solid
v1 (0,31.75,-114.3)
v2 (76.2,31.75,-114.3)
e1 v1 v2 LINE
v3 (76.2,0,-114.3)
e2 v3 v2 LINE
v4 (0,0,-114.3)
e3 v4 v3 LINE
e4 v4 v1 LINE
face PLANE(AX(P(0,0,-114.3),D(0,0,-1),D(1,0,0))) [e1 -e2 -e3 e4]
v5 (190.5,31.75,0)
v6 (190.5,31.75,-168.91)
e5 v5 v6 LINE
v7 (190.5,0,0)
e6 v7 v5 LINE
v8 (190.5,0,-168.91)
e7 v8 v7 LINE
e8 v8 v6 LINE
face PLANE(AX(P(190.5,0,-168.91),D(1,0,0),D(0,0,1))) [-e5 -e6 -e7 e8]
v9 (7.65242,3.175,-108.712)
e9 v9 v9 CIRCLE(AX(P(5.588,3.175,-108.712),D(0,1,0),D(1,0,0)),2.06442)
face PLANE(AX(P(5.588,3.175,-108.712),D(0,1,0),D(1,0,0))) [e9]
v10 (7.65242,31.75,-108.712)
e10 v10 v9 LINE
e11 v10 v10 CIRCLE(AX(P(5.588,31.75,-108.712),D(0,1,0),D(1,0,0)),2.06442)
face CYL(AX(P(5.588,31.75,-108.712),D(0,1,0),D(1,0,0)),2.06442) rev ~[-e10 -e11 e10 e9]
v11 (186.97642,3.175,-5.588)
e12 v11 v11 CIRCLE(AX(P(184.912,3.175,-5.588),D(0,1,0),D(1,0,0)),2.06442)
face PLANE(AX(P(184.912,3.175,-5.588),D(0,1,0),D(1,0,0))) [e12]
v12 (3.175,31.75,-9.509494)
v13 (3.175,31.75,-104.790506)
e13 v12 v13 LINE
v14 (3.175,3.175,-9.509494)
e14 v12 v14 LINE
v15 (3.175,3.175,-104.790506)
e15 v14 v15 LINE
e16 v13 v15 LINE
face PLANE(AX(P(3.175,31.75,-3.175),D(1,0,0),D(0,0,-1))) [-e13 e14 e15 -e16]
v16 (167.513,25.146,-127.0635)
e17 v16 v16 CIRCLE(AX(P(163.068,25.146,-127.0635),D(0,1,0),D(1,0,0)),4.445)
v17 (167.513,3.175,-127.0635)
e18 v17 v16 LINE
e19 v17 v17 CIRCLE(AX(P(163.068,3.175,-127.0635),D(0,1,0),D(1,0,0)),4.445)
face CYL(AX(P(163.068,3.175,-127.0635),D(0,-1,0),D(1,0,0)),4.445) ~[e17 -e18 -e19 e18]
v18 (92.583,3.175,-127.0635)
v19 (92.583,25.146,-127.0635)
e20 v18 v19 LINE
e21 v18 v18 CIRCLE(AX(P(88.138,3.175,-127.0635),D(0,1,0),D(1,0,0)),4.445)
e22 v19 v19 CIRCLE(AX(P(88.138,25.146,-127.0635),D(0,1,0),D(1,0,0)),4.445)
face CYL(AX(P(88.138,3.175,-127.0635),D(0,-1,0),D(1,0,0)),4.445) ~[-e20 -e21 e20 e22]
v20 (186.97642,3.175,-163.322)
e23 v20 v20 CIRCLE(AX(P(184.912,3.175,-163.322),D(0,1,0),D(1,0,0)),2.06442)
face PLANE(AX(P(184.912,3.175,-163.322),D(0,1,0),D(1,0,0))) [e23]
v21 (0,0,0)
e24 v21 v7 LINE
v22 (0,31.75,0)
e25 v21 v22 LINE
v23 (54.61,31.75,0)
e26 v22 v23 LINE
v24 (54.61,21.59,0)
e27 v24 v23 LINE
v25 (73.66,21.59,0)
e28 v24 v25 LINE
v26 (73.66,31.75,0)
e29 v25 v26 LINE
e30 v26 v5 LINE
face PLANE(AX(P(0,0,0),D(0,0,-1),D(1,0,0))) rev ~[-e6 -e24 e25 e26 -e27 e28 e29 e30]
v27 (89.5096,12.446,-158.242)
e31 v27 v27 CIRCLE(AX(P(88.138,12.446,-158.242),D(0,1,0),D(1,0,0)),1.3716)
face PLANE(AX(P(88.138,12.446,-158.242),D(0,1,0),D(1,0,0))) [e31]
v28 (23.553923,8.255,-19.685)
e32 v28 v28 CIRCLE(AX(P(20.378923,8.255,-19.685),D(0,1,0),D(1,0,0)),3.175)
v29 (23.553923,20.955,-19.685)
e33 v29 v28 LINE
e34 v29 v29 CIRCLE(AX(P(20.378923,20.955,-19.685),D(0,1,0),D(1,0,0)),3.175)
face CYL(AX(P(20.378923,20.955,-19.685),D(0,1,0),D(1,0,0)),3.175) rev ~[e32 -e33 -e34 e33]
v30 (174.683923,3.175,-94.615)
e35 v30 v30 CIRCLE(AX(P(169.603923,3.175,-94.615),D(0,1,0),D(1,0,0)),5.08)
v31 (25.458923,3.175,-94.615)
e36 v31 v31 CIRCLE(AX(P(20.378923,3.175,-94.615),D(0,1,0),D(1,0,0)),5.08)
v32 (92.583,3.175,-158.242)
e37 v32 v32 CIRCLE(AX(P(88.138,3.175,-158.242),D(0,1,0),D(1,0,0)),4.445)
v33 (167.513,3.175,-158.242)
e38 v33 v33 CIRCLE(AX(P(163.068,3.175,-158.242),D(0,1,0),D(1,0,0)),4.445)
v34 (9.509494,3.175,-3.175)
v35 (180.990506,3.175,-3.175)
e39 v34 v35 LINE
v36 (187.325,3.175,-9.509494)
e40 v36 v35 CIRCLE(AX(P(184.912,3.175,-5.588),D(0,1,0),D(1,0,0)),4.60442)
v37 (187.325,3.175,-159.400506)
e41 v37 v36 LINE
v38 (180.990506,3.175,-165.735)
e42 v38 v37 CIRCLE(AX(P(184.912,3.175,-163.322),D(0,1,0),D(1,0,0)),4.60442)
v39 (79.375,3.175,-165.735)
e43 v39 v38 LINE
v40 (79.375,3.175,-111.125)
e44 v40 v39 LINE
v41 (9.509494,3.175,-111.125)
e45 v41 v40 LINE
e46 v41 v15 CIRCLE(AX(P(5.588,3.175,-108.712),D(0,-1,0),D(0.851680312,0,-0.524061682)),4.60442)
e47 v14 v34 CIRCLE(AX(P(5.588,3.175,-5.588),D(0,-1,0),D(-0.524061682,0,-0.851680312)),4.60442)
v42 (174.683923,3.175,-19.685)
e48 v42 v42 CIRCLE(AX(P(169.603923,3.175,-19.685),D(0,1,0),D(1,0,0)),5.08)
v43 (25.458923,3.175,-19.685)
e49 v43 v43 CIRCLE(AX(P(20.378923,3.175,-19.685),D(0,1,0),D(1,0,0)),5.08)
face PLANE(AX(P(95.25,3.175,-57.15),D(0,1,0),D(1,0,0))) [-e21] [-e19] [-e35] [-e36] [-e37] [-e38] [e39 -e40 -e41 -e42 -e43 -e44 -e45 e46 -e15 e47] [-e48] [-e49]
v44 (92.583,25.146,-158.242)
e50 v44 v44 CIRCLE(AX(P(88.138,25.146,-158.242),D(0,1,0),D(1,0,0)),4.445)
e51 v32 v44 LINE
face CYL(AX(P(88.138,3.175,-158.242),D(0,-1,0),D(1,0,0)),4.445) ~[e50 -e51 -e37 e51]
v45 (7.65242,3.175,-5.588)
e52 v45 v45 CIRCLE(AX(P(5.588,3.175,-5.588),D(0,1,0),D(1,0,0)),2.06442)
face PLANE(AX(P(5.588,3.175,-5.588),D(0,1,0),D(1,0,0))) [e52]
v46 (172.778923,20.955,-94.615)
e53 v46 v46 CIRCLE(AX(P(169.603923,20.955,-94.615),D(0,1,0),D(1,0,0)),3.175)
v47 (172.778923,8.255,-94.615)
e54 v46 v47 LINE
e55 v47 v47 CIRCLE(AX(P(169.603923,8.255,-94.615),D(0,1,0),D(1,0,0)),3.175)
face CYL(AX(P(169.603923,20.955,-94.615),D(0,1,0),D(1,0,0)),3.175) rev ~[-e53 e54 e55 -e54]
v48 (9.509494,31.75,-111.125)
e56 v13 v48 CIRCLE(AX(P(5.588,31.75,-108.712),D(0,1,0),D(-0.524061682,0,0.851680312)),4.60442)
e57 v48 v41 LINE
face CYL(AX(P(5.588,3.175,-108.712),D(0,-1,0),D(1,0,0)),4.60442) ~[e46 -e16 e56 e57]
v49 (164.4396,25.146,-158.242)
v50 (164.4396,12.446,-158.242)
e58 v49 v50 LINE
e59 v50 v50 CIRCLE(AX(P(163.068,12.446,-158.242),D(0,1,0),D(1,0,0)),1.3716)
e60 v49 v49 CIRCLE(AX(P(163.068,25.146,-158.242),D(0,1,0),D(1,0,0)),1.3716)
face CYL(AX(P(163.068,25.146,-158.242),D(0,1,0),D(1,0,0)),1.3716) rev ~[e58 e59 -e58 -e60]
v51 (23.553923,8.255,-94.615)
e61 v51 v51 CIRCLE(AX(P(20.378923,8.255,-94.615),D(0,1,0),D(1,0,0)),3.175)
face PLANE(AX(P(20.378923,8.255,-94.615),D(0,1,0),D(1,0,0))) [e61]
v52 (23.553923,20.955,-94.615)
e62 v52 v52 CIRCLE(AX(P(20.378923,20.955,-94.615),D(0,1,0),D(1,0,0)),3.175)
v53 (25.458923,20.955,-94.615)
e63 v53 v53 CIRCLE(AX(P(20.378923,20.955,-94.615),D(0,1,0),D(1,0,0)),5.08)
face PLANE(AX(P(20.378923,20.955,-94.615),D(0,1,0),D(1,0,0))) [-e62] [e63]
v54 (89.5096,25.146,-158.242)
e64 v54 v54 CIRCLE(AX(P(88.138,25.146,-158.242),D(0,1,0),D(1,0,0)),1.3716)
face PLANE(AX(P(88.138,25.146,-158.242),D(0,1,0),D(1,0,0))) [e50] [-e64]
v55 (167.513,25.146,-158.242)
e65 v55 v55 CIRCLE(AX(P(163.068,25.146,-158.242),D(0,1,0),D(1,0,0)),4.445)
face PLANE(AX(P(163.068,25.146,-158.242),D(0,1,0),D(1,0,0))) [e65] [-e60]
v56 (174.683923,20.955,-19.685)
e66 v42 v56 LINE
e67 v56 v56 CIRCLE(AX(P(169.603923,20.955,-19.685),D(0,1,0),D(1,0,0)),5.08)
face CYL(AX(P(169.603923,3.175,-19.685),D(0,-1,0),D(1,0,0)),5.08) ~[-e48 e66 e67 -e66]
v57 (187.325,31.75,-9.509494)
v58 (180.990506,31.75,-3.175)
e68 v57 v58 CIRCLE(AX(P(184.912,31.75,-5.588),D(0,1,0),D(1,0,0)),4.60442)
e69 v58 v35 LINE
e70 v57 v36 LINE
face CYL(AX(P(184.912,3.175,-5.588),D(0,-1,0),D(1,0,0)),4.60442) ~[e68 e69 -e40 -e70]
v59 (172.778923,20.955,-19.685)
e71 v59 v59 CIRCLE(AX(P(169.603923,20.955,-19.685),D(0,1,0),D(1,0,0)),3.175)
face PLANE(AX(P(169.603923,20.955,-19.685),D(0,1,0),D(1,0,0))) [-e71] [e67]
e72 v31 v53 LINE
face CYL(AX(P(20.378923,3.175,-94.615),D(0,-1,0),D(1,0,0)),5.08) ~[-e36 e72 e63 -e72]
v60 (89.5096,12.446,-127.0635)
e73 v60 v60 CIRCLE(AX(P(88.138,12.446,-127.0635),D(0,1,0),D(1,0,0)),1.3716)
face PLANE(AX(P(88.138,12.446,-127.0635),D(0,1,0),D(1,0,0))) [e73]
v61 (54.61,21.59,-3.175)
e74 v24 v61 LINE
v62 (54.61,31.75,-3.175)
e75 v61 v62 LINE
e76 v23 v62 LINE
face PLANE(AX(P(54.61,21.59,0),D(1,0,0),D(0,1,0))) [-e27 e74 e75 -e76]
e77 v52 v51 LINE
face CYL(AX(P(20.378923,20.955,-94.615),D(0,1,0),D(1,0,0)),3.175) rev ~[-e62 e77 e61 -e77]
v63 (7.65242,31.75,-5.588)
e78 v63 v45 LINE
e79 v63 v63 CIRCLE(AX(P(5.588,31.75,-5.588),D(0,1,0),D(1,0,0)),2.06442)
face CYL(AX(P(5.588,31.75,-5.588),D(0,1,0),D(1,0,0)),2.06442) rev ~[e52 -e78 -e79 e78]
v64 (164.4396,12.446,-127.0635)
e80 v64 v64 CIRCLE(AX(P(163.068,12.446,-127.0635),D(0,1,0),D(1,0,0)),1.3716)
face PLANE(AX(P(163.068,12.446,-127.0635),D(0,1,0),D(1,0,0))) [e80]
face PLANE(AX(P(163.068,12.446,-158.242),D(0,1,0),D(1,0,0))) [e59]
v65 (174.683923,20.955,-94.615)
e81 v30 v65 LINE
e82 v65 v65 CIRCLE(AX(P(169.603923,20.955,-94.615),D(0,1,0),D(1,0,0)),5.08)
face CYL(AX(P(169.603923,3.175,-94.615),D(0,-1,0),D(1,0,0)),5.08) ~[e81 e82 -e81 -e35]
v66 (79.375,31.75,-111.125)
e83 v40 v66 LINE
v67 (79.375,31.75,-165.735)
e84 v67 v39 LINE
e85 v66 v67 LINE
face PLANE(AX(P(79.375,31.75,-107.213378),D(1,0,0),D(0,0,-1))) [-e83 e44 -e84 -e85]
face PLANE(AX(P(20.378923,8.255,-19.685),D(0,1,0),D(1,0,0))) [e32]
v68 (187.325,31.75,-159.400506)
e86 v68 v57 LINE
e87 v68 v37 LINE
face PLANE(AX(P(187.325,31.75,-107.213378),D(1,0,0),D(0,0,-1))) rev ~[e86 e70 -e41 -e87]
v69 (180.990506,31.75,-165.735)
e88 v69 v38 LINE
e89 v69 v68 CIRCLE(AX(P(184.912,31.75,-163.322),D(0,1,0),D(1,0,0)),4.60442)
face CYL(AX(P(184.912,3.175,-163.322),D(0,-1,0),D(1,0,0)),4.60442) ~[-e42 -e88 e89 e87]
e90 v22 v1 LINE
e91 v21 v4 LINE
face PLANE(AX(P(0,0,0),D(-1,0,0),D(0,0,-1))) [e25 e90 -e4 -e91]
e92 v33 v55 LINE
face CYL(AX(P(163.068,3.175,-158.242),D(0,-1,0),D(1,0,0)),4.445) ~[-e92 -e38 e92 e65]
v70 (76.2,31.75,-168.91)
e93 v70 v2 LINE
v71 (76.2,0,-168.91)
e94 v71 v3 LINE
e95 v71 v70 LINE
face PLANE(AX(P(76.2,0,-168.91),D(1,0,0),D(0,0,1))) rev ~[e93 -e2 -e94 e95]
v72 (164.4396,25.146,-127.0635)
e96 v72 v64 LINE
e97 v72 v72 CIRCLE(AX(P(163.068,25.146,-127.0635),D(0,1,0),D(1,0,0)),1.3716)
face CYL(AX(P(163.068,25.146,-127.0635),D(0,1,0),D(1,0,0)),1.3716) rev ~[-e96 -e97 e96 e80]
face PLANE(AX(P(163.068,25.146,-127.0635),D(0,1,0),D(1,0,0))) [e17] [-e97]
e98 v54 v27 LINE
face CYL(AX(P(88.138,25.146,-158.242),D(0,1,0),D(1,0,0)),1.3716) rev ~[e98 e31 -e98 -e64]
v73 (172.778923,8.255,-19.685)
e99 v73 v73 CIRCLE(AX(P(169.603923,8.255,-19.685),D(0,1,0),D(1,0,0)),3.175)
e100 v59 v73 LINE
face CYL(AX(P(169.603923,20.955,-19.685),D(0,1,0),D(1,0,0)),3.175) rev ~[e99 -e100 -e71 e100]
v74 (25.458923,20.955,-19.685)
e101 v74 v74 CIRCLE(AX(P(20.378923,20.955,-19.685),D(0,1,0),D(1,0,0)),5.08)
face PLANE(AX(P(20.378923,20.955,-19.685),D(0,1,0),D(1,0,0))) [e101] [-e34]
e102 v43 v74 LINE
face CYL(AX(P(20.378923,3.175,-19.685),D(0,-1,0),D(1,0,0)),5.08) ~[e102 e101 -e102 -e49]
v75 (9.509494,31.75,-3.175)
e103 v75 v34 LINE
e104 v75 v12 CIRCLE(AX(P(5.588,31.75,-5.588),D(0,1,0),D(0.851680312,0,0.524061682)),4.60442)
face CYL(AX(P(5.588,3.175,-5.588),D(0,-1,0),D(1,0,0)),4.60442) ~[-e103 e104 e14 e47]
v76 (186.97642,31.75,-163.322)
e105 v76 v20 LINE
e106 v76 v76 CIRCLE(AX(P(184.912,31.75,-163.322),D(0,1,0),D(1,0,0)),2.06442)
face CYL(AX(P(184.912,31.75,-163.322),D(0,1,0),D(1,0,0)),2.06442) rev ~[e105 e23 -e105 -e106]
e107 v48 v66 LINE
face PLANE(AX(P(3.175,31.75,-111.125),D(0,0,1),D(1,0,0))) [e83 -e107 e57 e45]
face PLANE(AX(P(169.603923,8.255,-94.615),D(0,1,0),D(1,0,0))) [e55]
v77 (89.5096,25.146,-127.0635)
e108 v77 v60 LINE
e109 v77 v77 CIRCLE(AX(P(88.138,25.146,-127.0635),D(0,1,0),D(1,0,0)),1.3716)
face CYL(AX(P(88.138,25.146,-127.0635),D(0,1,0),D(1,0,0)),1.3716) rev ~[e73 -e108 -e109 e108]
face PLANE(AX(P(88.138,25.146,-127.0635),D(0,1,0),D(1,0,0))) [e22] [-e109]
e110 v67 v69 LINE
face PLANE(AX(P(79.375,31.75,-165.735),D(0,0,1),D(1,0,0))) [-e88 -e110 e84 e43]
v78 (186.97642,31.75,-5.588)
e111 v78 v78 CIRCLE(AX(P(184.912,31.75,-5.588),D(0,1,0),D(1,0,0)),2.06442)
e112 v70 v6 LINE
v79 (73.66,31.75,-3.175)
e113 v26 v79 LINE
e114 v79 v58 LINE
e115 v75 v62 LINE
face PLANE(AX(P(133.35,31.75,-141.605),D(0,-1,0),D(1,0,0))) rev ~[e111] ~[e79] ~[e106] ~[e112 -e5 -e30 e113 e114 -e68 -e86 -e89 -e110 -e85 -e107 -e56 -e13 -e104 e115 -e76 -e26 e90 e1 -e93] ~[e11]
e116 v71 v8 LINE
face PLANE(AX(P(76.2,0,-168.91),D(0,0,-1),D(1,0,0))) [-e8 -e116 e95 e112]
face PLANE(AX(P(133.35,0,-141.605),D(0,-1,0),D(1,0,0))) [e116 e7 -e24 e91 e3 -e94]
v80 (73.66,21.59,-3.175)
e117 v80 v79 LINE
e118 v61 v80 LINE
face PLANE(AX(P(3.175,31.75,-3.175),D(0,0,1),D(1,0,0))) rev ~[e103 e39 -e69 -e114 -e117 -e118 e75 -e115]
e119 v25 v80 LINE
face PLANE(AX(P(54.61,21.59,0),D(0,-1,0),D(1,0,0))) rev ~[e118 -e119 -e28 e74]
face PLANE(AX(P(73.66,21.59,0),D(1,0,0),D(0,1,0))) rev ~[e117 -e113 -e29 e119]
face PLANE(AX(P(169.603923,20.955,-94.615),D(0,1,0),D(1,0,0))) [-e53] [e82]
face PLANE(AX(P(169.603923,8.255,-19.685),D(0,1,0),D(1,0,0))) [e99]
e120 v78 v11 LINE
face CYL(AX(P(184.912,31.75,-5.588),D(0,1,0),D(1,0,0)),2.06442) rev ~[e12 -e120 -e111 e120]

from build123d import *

# Parameters (mm, degrees)
SKETCH1_W           = 190.5
SKETCH1_H           = 114.3
BOSS_EXTRUDE1_DEPTH = 31.75
SKETCH2_W           = 184.15
SKETCH2_H           = 107.95
CUT_EXTRUDE1_DEPTH  = 28.575
SKETCH3_R           = 5.08
BOSS_EXTRUDE2_DEPTH = 17.78
SKETCH4_R           = 3.175
CUT_EXTRUDE2_DEPTH  = 12.7
SKETCH5_W           = 19.05
SKETCH5_H           = 25.4
CUT_EXTRUDE3_DEPTH  = 12.7
SKETCH6_W           = 114.3
SKETCH6_H           = 54.61
BOSS_EXTRUDE3_DEPTH = 31.75
SKETCH7_W           = 107.95
SKETCH7_H           = 58.521622115
CUT_EXTRUDE4_DEPTH  = 28.575
SKETCH8_R           = 4.445
BOSS_EXTRUDE4_DEPTH = 21.971
SKETCH10_R          = 1.3716
CUT_EXTRUDE5_DEPTH  = 12.7
SKETCH11_R          = 4.604419826
BOSS_EXTRUDE5_DEPTH = 28.575
SKETCH12_R          = 2.064419826
CUT_EXTRUDE6_DEPTH  = 28.575


with BuildPart() as part:
    # Sketch1 → Boss-Extrude1 (new body)
    with BuildSketch(Plane(origin=(0, 0, 0), x_dir=(1, 0, 0), z_dir=(0, 1, 0))):
        with Locations((95.25, 57.15)):
            Rectangle(SKETCH1_W, SKETCH1_H)
    extrude(amount=BOSS_EXTRUDE1_DEPTH)

    # Sketch2 → Cut-Extrude1 (cut)
    with BuildSketch(Plane(origin=(0, 31.75, 0), x_dir=(1, 0, 0), z_dir=(0, 1, 0))):
        with Locations((95.25, 57.15)):
            Rectangle(SKETCH2_W, SKETCH2_H)
    extrude(amount=-CUT_EXTRUDE1_DEPTH, mode=Mode.SUBTRACT)

    # Sketch3 → Boss-Extrude2 (add)
    with BuildSketch(Plane(origin=(0, 3.175, 0), x_dir=(1, 0, 0), z_dir=(0, 1, 0))):
        with Locations((20.378923162, 94.615)):
            Circle(SKETCH3_R)
        with Locations((169.603923162, 94.615)):
            Circle(SKETCH3_R)
        with Locations((169.603923162, 19.685)):
            Circle(SKETCH3_R)
        with Locations((20.378923162, 19.685)):
            Circle(SKETCH3_R)
    extrude(amount=BOSS_EXTRUDE2_DEPTH)

    # Sketch4 → Cut-Extrude2 (cut)
    with BuildSketch(Plane(origin=(0, 20.955, 0), x_dir=(1, 0, 0), z_dir=(0, 1, 0))):
        with Locations((20.378923162, 94.615)):
            Circle(SKETCH4_R)
        with Locations((169.603923162, 94.615)):
            Circle(SKETCH4_R)
        with Locations((20.378923162, 19.685)):
            Circle(SKETCH4_R)
        with Locations((169.603923162, 19.685)):
            Circle(SKETCH4_R)
    extrude(amount=-CUT_EXTRUDE2_DEPTH, mode=Mode.SUBTRACT)

    # Sketch5 → Cut-Extrude3 (cut)
    with BuildSketch(Plane.XY):
        with Locations((64.135, 34.29)):
            Rectangle(SKETCH5_W, SKETCH5_H)
    extrude(amount=-CUT_EXTRUDE3_DEPTH, mode=Mode.SUBTRACT)

    # Sketch6 → Boss-Extrude3 (add)
    with BuildSketch(Plane.XZ):
        with Locations((133.35, -141.605)):
            Rectangle(SKETCH6_W, SKETCH6_H)
    extrude(amount=-BOSS_EXTRUDE3_DEPTH)

    # Sketch7 → Cut-Extrude4 (cut)
    with BuildSketch(Plane(origin=(0, 31.75, 0), x_dir=(1, 0, 0), z_dir=(0, 1, 0))):
        with Locations((133.35, 136.474188943)):
            Rectangle(SKETCH7_W, SKETCH7_H)
    extrude(amount=-CUT_EXTRUDE4_DEPTH, mode=Mode.SUBTRACT)

    # Sketch8 → Boss-Extrude4 (add)
    with BuildSketch(Plane(origin=(0, 3.175, 0), x_dir=(1, 0, 0), z_dir=(0, 1, 0))):
        with Locations((88.138, 127.0635)):
            Circle(SKETCH8_R)
        with Locations((163.068, 127.0635)):
            Circle(SKETCH8_R)
        with Locations((163.068, 158.242)):
            Circle(SKETCH8_R)
        with Locations((88.138, 158.242)):
            Circle(SKETCH8_R)
    extrude(amount=BOSS_EXTRUDE4_DEPTH)

    # Sketch10 → Cut-Extrude5 (cut)
    with BuildSketch(Plane(origin=(0, 25.146, 0), x_dir=(1, 0, 0), z_dir=(0, 1, 0))):
        with Locations((163.068, 127.0635)):
            Circle(SKETCH10_R)
        with Locations((88.138, 127.0635)):
            Circle(SKETCH10_R)
        with Locations((88.138, 158.242)):
            Circle(SKETCH10_R)
        with Locations((163.068, 158.242)):
            Circle(SKETCH10_R)
    extrude(amount=-CUT_EXTRUDE5_DEPTH, mode=Mode.SUBTRACT)

    # Sketch11 → Boss-Extrude5 (add)
    with BuildSketch(Plane(origin=(0, 3.175, 0), x_dir=(1, 0, 0), z_dir=(0, 1, 0))):
        with Locations((184.912, 5.588)):
            Circle(SKETCH11_R)
        with Locations((5.588, 5.588)):
            Circle(SKETCH11_R)
        with Locations((5.588, 108.712)):
            Circle(SKETCH11_R)
        with Locations((184.912, 163.322)):
            Circle(SKETCH11_R)
    extrude(amount=BOSS_EXTRUDE5_DEPTH)

    # Sketch12 → Cut-Extrude6 (cut)
    with BuildSketch(Plane(origin=(0, 31.75, 0), x_dir=(1, 0, 0), z_dir=(0, 1, 0))):
        with Locations((184.912, 5.588)):
            Circle(SKETCH12_R)
        with Locations((5.588, 5.588)):
            Circle(SKETCH12_R)
        with Locations((5.588, 108.712)):
            Circle(SKETCH12_R)
        with Locations((184.912, 163.322)):
            Circle(SKETCH12_R)
    extrude(amount=-CUT_EXTRUDE6_DEPTH, mode=Mode.SUBTRACT)


solid = part.part
